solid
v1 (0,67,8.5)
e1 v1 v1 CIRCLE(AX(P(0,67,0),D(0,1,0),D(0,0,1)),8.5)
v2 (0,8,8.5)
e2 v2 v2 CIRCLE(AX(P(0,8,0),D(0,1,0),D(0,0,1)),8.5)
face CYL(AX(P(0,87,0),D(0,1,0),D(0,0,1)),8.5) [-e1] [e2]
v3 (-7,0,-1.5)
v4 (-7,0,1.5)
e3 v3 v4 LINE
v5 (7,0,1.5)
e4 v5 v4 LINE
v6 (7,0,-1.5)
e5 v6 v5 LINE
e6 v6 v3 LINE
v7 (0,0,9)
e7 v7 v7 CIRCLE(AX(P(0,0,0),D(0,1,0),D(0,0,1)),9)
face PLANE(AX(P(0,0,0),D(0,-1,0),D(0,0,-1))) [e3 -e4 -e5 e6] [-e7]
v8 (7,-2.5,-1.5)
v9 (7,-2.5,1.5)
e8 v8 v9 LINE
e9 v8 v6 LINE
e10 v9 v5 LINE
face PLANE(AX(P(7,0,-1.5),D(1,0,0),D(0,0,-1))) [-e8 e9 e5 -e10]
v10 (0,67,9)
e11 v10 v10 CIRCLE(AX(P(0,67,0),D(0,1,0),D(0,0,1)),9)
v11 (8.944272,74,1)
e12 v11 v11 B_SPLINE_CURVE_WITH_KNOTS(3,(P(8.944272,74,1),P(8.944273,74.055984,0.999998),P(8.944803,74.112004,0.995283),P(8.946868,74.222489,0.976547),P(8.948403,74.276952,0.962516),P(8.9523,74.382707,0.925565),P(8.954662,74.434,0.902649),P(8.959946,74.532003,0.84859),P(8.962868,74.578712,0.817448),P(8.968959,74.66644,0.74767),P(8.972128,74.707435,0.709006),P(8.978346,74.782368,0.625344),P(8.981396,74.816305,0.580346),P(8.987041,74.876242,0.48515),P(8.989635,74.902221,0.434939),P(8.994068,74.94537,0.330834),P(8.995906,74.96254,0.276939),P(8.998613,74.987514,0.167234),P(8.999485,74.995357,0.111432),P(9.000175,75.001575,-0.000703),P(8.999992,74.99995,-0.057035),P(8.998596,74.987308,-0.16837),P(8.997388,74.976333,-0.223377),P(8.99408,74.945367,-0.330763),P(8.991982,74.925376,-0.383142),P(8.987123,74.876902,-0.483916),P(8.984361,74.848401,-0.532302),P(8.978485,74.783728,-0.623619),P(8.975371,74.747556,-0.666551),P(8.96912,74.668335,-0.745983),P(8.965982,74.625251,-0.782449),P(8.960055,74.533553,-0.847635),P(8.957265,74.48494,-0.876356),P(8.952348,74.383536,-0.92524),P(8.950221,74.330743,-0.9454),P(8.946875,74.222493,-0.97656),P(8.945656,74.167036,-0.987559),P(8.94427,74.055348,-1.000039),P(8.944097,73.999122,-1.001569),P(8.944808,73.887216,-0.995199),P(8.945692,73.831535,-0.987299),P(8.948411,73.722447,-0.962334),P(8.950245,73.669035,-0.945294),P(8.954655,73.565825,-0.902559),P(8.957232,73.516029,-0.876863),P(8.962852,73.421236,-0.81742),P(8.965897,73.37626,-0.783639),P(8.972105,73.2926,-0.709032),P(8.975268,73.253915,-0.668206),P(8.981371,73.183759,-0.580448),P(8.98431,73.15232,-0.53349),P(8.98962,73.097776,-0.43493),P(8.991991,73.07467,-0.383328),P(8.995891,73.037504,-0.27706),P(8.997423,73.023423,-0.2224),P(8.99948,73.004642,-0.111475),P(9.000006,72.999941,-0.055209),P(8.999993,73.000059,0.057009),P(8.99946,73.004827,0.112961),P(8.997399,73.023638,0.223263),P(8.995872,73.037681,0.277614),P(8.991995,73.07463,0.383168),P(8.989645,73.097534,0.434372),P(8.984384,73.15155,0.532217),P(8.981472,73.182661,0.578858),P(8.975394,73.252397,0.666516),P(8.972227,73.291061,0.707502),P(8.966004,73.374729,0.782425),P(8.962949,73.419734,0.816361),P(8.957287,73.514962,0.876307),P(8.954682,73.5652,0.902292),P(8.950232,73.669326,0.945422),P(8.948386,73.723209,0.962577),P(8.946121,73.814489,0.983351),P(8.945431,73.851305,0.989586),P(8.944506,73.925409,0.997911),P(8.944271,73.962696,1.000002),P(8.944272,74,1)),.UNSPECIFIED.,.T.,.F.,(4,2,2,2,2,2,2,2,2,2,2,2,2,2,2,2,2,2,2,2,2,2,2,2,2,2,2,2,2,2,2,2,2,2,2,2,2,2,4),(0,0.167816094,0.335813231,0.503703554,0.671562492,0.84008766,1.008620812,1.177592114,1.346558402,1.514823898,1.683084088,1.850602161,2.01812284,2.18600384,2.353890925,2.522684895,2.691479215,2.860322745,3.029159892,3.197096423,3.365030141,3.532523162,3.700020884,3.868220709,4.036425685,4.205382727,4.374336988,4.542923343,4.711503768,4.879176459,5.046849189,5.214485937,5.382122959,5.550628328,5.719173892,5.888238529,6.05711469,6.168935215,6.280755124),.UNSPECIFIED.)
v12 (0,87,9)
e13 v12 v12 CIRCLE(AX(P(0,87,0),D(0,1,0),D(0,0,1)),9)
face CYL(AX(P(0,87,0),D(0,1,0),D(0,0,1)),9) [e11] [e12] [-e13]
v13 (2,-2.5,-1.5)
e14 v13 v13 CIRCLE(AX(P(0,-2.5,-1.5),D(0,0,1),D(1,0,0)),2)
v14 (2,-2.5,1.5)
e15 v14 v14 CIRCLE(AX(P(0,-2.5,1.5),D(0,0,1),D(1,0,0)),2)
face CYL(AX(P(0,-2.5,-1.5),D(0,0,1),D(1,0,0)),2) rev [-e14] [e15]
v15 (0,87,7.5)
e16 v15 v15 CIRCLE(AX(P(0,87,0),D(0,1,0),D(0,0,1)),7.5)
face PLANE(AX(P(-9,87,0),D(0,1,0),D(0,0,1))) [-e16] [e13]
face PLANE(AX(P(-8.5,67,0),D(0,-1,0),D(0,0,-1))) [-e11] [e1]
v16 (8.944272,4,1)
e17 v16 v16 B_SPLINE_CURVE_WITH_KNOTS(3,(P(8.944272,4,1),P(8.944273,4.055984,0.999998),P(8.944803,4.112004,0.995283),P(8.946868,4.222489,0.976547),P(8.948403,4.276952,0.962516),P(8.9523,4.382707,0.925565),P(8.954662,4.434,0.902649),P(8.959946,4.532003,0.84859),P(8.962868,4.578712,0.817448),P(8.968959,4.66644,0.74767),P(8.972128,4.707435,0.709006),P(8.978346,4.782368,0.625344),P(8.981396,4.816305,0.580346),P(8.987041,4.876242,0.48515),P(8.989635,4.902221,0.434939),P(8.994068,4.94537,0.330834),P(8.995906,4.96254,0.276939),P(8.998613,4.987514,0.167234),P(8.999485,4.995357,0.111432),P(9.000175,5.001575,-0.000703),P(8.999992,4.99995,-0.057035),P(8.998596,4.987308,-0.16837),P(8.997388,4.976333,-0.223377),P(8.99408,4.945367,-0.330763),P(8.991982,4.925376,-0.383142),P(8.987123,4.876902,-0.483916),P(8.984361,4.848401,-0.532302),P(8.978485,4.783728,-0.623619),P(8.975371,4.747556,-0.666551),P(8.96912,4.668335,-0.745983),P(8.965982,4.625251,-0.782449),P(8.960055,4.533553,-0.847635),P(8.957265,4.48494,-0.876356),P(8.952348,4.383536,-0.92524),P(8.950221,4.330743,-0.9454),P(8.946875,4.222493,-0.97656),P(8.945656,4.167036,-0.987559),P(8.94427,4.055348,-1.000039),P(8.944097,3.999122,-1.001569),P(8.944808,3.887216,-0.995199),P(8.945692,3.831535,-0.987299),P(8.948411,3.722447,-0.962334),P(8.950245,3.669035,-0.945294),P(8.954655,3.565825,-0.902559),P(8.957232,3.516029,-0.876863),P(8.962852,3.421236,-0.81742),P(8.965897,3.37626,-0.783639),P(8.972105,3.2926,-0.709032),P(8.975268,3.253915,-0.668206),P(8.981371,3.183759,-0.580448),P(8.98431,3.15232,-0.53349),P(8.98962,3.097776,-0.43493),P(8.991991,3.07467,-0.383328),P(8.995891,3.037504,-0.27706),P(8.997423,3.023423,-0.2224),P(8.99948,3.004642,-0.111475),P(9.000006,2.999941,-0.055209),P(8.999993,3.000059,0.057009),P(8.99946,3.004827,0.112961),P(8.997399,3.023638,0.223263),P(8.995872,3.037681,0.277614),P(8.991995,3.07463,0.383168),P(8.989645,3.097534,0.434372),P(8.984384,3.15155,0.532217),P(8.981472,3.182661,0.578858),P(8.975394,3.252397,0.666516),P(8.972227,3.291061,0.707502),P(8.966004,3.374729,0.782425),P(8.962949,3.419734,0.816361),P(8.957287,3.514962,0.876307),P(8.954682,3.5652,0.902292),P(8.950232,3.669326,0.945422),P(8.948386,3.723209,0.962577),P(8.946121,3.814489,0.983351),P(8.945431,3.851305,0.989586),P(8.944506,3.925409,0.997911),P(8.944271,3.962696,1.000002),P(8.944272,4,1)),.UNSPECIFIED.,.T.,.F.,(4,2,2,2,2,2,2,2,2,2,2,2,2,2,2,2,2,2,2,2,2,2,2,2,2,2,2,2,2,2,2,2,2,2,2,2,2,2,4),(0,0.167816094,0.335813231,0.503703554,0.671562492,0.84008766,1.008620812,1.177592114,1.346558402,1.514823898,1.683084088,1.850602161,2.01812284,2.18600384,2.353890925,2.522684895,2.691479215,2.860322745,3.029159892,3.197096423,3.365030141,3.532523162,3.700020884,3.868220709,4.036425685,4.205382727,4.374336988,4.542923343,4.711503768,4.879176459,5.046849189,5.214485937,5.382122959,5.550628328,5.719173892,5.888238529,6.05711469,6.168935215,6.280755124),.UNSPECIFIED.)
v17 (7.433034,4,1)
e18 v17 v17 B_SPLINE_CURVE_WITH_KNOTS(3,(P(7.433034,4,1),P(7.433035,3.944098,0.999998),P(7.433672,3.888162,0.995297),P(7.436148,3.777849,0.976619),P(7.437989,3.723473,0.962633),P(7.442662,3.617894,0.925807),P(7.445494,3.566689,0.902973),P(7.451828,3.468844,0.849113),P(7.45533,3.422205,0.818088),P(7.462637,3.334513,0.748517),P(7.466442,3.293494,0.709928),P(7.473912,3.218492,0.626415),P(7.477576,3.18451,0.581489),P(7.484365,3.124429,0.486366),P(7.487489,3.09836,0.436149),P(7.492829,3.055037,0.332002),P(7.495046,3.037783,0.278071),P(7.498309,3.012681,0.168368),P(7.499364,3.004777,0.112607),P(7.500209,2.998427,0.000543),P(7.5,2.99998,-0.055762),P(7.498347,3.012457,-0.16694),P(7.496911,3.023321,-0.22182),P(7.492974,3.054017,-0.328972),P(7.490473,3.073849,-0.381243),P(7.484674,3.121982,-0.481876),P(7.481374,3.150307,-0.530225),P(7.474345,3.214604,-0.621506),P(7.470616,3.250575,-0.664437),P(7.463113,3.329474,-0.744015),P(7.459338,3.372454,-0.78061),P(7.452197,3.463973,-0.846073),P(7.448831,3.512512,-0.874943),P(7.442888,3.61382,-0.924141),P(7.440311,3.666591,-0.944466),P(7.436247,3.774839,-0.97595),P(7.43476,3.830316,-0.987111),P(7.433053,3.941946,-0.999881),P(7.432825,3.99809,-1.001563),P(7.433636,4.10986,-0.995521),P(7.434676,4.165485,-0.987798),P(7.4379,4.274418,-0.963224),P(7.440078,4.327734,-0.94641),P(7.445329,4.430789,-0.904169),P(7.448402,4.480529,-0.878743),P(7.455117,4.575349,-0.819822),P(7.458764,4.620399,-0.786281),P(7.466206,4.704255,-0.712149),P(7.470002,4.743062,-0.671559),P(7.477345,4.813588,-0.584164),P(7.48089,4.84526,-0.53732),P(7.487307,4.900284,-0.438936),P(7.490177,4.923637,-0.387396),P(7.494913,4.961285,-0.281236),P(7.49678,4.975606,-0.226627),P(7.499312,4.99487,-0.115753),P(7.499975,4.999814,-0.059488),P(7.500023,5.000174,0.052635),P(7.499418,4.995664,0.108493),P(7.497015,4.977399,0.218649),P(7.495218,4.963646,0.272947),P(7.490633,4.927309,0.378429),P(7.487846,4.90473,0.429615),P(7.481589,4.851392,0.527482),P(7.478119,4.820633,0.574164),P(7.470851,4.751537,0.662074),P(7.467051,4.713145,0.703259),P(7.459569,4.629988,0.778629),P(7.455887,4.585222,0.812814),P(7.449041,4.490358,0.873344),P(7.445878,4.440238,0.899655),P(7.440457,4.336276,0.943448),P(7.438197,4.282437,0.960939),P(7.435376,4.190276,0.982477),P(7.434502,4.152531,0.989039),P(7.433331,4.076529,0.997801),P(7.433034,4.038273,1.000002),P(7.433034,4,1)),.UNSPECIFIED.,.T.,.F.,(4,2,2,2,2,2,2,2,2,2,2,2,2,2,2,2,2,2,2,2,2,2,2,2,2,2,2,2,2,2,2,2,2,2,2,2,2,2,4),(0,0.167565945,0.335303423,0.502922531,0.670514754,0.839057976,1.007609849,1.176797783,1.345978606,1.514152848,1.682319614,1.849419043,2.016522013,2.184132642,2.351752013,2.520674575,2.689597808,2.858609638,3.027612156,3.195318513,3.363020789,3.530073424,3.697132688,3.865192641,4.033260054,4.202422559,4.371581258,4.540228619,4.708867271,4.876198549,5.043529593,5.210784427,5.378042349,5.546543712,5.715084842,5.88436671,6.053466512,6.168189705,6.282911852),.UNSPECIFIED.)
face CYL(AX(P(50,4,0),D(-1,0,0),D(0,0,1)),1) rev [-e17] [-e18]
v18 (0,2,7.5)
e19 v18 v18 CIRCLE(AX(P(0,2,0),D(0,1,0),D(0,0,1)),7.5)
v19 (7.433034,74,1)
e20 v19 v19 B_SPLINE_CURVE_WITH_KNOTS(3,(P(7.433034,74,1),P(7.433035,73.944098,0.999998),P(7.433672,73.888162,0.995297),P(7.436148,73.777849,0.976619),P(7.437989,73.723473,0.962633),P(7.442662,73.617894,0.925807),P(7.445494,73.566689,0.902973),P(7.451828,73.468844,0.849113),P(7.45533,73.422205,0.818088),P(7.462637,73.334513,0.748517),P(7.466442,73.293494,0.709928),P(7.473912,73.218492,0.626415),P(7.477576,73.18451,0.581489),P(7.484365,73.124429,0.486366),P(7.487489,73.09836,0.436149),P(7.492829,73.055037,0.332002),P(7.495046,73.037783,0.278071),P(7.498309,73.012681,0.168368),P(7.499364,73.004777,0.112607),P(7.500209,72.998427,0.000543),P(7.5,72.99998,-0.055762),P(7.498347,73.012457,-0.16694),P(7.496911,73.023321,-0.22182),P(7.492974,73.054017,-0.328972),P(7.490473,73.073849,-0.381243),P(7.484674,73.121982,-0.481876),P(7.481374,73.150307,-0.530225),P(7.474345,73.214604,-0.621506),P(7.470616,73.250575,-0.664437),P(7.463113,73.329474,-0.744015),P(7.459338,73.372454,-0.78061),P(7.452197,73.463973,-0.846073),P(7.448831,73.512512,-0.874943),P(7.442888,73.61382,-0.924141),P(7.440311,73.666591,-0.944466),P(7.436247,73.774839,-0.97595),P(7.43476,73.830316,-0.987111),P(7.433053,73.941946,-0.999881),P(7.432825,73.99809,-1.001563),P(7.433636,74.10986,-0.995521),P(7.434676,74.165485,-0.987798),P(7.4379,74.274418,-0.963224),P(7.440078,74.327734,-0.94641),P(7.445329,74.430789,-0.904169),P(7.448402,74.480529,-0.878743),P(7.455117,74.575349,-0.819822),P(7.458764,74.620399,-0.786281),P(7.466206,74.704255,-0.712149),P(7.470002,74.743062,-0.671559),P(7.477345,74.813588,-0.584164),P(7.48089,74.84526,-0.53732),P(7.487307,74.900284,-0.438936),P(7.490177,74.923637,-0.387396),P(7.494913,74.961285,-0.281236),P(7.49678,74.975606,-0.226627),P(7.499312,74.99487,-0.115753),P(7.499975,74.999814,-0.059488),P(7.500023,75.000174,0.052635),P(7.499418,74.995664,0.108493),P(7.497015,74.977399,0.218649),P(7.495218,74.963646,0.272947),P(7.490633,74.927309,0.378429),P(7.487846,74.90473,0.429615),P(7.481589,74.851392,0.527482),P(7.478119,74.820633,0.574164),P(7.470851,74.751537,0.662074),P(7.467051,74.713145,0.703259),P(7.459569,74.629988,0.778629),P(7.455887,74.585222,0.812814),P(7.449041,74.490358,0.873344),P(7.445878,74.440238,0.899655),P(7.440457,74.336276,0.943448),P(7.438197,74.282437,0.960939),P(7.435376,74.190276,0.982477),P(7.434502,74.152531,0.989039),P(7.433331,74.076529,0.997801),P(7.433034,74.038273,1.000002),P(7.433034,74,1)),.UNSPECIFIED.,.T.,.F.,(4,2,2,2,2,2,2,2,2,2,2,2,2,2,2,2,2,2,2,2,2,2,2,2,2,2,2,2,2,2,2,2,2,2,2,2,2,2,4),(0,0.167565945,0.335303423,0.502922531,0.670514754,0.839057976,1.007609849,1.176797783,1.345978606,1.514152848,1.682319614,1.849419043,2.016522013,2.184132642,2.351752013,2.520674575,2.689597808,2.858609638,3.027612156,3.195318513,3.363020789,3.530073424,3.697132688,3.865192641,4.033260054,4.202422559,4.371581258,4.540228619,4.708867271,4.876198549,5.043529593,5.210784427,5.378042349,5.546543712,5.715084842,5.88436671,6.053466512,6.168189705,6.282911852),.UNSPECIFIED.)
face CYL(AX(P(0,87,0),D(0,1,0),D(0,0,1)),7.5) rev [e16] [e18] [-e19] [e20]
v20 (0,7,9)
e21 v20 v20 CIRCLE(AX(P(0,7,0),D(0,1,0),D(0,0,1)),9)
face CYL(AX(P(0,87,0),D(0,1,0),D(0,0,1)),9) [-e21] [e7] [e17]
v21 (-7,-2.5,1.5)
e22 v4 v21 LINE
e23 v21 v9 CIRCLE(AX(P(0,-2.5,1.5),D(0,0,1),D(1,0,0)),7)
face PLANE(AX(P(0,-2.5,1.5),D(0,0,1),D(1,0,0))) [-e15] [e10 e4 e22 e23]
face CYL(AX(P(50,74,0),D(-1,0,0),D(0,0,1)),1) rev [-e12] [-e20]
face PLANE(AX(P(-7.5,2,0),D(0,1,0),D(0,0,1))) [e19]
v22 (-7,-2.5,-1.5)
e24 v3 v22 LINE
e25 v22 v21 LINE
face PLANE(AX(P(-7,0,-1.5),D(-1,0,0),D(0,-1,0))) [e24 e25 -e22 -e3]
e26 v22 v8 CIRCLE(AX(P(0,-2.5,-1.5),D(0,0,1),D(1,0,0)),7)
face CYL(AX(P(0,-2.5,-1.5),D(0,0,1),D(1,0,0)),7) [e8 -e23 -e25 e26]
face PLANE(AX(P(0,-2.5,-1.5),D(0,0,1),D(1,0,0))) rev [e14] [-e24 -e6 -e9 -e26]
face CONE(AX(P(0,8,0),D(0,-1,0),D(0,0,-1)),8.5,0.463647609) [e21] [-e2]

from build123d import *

# Parameters (mm, degrees)
BOSS_EXTRUDE1_DEPTH      = 1.5
BOSS_EXTRUDE1_DEPTH_BACK = 1.5
SKETCH2_R                = 2
SKETCH3_R                = 1
CUT_EXTRUDE1_DEPTH       = 50


with BuildPart() as part:
    # Sketch1 → Revolve1 (revolve)
    with BuildSketch(Plane.XY):
        Polygon((0, 0), (-9, 0), (-9, 7), (-8.5, 8), (-8.5, 67), (-9, 67), (-9, 87), (-7.5, 87), (-7.5, 2), (0, 2), align=None)
    revolve(axis=Axis((0, 87, 0), (0, -1, 0)))

    # Sketch2 → Boss-Extrude1 (add, two sides: drawn at the far end of the back side and taken through both)
    with BuildSketch(Plane.XY.offset(-BOSS_EXTRUDE1_DEPTH_BACK)):
        with BuildLine():
            Line((-7, 0), (7, 0))
            Line((7, 0), (7, -2.5))
            ThreePointArc((7, -2.5), (0, -9.5), (-7, -2.5))
            Line((-7, -2.5), (-7, 0))
        make_face()
        with Locations((0, -2.5)):
            Circle(SKETCH2_R, mode=Mode.SUBTRACT)
    extrude(amount=BOSS_EXTRUDE1_DEPTH + BOSS_EXTRUDE1_DEPTH_BACK)

    # Sketch3 → Cut-Extrude1 (cut)
    with BuildSketch(Plane(origin=(0, 0, 0), x_dir=(0, 0, -1), z_dir=(1, 0, 0))):
        with Locations((0, 74)):
            Circle(SKETCH3_R)
        with Locations((0, 4)):
            Circle(SKETCH3_R)
    extrude(amount=CUT_EXTRUDE1_DEPTH, mode=Mode.SUBTRACT)


solid = part.part
